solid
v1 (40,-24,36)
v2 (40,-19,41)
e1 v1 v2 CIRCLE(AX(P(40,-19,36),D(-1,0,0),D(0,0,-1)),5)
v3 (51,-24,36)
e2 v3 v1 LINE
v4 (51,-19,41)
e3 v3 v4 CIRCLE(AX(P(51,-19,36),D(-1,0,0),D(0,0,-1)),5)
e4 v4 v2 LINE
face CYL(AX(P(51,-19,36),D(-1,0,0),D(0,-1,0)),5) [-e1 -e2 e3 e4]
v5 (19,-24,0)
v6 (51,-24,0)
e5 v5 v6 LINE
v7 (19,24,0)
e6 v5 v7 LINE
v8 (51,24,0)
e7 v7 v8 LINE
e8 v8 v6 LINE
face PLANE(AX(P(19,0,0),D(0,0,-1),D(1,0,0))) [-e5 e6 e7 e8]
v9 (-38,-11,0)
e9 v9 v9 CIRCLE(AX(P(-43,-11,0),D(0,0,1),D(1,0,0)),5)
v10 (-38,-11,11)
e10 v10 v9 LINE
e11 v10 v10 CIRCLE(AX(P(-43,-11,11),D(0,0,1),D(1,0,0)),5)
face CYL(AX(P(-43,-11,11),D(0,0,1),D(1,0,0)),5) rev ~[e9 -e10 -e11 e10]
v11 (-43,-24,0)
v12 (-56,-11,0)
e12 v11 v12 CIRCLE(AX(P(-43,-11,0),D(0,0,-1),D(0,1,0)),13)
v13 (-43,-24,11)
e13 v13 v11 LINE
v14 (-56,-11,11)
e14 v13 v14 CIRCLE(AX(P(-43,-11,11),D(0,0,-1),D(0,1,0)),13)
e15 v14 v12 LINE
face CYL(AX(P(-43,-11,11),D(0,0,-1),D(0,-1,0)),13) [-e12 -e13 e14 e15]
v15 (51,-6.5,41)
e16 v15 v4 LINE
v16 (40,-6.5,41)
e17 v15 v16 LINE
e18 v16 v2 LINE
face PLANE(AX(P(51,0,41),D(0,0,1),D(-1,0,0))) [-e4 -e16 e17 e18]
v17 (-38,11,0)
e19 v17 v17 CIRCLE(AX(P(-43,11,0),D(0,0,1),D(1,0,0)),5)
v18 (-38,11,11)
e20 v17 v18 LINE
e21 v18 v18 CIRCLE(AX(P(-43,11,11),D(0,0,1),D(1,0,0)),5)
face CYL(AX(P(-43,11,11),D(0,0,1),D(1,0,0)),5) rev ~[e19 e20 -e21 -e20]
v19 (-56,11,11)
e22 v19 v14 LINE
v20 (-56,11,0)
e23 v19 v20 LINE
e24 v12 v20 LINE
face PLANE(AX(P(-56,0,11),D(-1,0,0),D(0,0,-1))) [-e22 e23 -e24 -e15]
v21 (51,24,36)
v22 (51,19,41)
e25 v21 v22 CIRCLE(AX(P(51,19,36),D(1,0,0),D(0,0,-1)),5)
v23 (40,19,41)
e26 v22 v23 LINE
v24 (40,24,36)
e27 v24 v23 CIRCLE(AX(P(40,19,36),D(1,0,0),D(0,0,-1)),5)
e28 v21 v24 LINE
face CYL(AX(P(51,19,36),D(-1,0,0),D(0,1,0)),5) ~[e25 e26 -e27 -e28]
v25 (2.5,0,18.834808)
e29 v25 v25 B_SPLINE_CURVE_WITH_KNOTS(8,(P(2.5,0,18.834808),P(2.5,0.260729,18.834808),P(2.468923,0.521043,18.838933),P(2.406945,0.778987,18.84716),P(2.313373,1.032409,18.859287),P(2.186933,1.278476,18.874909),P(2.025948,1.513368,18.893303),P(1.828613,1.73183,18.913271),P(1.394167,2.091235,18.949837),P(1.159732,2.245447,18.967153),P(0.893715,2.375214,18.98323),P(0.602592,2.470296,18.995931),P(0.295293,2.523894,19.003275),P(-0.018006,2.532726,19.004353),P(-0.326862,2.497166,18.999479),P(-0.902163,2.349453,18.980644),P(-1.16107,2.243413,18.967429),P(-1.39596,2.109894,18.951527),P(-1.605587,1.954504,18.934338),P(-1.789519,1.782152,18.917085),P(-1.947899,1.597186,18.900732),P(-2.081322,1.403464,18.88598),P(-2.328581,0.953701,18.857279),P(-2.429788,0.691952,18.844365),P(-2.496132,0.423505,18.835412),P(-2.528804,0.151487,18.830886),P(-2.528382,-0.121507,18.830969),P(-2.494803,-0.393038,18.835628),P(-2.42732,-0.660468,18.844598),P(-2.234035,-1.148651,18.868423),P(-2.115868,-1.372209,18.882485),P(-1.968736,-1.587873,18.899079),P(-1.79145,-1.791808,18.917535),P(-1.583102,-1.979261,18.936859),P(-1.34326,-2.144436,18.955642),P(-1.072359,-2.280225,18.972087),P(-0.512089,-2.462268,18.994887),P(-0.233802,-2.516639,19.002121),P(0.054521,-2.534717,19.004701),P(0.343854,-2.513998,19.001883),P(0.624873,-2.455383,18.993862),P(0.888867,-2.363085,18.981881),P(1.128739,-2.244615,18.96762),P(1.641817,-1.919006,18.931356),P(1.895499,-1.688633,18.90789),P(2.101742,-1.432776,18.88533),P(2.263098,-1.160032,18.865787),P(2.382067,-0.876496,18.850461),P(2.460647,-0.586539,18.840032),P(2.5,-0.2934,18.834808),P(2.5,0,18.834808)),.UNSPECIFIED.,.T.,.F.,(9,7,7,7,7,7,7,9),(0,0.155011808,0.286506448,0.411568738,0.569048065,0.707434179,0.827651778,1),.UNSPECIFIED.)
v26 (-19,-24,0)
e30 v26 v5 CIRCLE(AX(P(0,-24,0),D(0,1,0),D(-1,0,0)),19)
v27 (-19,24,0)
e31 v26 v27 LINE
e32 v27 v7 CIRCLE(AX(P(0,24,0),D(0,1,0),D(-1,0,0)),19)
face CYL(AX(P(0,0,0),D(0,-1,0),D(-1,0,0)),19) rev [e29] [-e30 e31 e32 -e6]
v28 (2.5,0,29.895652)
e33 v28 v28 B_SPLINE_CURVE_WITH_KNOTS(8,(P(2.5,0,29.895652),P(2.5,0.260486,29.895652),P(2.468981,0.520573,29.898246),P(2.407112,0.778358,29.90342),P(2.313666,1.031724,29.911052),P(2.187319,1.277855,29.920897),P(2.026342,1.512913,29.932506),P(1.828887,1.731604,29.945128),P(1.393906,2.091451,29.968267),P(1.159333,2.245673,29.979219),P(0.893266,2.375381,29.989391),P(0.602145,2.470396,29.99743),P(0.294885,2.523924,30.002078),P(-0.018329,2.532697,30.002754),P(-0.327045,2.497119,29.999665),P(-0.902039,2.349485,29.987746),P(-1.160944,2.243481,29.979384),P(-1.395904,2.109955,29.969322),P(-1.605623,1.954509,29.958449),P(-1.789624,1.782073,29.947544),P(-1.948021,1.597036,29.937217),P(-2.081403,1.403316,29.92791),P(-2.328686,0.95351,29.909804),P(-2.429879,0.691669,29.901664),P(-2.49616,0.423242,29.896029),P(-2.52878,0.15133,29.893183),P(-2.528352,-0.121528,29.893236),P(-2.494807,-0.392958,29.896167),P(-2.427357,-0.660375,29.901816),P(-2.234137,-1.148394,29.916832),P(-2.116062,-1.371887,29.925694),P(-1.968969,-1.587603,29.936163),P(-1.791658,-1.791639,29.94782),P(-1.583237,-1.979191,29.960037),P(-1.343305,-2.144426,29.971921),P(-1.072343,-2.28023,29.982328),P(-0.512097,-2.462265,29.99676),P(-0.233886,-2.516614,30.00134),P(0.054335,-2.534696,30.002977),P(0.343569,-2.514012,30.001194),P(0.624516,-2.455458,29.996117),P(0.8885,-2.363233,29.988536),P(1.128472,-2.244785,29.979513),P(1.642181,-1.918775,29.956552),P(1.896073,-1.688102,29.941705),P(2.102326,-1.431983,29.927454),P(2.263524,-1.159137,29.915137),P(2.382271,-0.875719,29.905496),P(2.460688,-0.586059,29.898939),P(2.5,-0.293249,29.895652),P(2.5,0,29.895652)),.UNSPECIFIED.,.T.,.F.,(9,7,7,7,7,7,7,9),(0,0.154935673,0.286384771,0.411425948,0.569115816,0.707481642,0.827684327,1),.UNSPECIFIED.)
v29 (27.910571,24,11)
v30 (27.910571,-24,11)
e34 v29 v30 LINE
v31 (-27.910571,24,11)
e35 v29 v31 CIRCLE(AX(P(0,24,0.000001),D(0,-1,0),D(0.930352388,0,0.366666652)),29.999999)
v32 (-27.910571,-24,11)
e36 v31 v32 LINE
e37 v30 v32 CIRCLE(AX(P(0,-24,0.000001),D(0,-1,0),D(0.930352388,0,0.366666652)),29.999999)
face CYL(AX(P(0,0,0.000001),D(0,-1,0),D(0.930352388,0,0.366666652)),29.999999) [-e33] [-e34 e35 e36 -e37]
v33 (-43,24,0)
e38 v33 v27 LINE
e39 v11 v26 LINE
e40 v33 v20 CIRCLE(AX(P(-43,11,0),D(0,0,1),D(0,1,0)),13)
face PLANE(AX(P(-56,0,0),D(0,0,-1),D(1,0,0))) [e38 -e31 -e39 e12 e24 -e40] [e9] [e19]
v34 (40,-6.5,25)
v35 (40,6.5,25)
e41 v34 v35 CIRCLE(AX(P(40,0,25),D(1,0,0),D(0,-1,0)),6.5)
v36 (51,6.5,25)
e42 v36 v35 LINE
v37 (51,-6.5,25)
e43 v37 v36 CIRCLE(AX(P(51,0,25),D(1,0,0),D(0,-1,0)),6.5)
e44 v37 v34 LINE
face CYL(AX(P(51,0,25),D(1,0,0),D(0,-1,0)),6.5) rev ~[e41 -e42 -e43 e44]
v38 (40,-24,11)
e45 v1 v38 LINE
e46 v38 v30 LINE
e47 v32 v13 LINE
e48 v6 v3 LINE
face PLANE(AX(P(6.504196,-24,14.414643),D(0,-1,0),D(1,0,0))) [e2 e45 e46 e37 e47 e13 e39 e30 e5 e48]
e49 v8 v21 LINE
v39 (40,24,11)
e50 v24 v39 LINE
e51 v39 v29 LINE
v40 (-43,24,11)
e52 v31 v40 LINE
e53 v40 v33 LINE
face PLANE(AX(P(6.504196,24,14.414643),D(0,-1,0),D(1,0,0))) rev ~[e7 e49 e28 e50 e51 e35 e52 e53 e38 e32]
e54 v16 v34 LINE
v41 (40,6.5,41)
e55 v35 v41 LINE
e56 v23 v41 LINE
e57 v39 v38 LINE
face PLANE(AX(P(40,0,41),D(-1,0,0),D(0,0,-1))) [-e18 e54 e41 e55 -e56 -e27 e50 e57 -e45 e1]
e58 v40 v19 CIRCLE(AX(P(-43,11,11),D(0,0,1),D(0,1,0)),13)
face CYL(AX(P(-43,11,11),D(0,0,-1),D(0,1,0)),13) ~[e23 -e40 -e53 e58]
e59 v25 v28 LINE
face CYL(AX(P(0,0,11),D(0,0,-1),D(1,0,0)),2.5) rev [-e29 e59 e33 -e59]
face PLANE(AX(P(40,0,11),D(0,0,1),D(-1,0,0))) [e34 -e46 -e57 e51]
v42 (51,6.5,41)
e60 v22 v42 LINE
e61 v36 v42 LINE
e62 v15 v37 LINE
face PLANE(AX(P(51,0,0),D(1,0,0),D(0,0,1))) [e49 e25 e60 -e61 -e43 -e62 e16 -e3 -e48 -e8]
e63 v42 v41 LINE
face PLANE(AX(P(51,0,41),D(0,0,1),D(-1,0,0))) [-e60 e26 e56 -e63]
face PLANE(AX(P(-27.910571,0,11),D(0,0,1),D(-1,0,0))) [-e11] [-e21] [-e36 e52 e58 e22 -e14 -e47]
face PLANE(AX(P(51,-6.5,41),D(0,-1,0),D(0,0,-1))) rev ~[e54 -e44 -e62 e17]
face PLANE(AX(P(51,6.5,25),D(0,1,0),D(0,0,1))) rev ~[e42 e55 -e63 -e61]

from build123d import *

# Parameters (mm, degrees)
F1_DEPTH = 24
F3_DEPTH = 11
F5_R     = 13
F6_R     = 5
F4_R     = 2.5
F4_R_2   = 5
F7_DEPTH = 38.1


with BuildPart() as f1:
    # F0 (on Front) → F1 (new body, symmetric)
    with BuildSketch(Plane.XZ):
        with BuildLine():
            Line((19, 0), (51, 0))
            Line((51, 0), (51, 41))
            Line((51, 41), (40, 41))
            Line((40, 41), (40, 11))
            Line((40, 11), (27.910571, 11))
            ThreePointArc((27.910571, 11), (0, 30), (-27.910571, 11))
            Line((-27.910571, 11), (-56, 11))
            Line((-56, 11), (-56, 0))
            Line((-56, 0), (-19, 0))
            ThreePointArc((-19, 0), (0, 19), (19, 0))
        make_face()
    extrude(amount=F1_DEPTH, both=True)

    # F2 (on face) → F3 (cut, through all)
    with BuildSketch(Plane.YZ.offset(51)):
        with BuildLine():
            ThreePointArc((6.5, 25), (0, 31.5), (-6.5, 25))
            ThreePointArc((-6.5, 25), (0, 18.5), (6.5, 25))
        make_face()
        with BuildLine():
            Line((6.5, 41), (-6.5, 41))
            Line((-6.5, 41), (-6.5, 25))
            ThreePointArc((-6.5, 25), (0, 31.5), (6.5, 25))
            Line((6.5, 25), (6.5, 41))
        make_face()
    extrude(amount=-F3_DEPTH, mode=Mode.SUBTRACT)

    # F5
    f5_edges = [f1.edges().sort_by_distance(p)[0] for p in [
        (-56, -24, 5.5),
        (-56, 24, 5.5),
    ]]
    fillet(f5_edges, radius=F5_R)

    # F6
    f6_edges = [f1.edges().sort_by_distance(p)[0] for p in [
        (45.5, -24, 41),
        (45.5, 24, 41),
    ]]
    fillet(f6_edges, radius=F6_R)

    # F4 (on face) → F7 (cut, symmetric)
    with BuildSketch(Plane.XY.offset(11)):
        Circle(F4_R)
        with Locations((-43, -11)):
            Circle(F4_R_2)
        with Locations((-43, 11)):
            Circle(F4_R_2)
    extrude(amount=F7_DEPTH, both=True, mode=Mode.SUBTRACT)


solid = f1.part
